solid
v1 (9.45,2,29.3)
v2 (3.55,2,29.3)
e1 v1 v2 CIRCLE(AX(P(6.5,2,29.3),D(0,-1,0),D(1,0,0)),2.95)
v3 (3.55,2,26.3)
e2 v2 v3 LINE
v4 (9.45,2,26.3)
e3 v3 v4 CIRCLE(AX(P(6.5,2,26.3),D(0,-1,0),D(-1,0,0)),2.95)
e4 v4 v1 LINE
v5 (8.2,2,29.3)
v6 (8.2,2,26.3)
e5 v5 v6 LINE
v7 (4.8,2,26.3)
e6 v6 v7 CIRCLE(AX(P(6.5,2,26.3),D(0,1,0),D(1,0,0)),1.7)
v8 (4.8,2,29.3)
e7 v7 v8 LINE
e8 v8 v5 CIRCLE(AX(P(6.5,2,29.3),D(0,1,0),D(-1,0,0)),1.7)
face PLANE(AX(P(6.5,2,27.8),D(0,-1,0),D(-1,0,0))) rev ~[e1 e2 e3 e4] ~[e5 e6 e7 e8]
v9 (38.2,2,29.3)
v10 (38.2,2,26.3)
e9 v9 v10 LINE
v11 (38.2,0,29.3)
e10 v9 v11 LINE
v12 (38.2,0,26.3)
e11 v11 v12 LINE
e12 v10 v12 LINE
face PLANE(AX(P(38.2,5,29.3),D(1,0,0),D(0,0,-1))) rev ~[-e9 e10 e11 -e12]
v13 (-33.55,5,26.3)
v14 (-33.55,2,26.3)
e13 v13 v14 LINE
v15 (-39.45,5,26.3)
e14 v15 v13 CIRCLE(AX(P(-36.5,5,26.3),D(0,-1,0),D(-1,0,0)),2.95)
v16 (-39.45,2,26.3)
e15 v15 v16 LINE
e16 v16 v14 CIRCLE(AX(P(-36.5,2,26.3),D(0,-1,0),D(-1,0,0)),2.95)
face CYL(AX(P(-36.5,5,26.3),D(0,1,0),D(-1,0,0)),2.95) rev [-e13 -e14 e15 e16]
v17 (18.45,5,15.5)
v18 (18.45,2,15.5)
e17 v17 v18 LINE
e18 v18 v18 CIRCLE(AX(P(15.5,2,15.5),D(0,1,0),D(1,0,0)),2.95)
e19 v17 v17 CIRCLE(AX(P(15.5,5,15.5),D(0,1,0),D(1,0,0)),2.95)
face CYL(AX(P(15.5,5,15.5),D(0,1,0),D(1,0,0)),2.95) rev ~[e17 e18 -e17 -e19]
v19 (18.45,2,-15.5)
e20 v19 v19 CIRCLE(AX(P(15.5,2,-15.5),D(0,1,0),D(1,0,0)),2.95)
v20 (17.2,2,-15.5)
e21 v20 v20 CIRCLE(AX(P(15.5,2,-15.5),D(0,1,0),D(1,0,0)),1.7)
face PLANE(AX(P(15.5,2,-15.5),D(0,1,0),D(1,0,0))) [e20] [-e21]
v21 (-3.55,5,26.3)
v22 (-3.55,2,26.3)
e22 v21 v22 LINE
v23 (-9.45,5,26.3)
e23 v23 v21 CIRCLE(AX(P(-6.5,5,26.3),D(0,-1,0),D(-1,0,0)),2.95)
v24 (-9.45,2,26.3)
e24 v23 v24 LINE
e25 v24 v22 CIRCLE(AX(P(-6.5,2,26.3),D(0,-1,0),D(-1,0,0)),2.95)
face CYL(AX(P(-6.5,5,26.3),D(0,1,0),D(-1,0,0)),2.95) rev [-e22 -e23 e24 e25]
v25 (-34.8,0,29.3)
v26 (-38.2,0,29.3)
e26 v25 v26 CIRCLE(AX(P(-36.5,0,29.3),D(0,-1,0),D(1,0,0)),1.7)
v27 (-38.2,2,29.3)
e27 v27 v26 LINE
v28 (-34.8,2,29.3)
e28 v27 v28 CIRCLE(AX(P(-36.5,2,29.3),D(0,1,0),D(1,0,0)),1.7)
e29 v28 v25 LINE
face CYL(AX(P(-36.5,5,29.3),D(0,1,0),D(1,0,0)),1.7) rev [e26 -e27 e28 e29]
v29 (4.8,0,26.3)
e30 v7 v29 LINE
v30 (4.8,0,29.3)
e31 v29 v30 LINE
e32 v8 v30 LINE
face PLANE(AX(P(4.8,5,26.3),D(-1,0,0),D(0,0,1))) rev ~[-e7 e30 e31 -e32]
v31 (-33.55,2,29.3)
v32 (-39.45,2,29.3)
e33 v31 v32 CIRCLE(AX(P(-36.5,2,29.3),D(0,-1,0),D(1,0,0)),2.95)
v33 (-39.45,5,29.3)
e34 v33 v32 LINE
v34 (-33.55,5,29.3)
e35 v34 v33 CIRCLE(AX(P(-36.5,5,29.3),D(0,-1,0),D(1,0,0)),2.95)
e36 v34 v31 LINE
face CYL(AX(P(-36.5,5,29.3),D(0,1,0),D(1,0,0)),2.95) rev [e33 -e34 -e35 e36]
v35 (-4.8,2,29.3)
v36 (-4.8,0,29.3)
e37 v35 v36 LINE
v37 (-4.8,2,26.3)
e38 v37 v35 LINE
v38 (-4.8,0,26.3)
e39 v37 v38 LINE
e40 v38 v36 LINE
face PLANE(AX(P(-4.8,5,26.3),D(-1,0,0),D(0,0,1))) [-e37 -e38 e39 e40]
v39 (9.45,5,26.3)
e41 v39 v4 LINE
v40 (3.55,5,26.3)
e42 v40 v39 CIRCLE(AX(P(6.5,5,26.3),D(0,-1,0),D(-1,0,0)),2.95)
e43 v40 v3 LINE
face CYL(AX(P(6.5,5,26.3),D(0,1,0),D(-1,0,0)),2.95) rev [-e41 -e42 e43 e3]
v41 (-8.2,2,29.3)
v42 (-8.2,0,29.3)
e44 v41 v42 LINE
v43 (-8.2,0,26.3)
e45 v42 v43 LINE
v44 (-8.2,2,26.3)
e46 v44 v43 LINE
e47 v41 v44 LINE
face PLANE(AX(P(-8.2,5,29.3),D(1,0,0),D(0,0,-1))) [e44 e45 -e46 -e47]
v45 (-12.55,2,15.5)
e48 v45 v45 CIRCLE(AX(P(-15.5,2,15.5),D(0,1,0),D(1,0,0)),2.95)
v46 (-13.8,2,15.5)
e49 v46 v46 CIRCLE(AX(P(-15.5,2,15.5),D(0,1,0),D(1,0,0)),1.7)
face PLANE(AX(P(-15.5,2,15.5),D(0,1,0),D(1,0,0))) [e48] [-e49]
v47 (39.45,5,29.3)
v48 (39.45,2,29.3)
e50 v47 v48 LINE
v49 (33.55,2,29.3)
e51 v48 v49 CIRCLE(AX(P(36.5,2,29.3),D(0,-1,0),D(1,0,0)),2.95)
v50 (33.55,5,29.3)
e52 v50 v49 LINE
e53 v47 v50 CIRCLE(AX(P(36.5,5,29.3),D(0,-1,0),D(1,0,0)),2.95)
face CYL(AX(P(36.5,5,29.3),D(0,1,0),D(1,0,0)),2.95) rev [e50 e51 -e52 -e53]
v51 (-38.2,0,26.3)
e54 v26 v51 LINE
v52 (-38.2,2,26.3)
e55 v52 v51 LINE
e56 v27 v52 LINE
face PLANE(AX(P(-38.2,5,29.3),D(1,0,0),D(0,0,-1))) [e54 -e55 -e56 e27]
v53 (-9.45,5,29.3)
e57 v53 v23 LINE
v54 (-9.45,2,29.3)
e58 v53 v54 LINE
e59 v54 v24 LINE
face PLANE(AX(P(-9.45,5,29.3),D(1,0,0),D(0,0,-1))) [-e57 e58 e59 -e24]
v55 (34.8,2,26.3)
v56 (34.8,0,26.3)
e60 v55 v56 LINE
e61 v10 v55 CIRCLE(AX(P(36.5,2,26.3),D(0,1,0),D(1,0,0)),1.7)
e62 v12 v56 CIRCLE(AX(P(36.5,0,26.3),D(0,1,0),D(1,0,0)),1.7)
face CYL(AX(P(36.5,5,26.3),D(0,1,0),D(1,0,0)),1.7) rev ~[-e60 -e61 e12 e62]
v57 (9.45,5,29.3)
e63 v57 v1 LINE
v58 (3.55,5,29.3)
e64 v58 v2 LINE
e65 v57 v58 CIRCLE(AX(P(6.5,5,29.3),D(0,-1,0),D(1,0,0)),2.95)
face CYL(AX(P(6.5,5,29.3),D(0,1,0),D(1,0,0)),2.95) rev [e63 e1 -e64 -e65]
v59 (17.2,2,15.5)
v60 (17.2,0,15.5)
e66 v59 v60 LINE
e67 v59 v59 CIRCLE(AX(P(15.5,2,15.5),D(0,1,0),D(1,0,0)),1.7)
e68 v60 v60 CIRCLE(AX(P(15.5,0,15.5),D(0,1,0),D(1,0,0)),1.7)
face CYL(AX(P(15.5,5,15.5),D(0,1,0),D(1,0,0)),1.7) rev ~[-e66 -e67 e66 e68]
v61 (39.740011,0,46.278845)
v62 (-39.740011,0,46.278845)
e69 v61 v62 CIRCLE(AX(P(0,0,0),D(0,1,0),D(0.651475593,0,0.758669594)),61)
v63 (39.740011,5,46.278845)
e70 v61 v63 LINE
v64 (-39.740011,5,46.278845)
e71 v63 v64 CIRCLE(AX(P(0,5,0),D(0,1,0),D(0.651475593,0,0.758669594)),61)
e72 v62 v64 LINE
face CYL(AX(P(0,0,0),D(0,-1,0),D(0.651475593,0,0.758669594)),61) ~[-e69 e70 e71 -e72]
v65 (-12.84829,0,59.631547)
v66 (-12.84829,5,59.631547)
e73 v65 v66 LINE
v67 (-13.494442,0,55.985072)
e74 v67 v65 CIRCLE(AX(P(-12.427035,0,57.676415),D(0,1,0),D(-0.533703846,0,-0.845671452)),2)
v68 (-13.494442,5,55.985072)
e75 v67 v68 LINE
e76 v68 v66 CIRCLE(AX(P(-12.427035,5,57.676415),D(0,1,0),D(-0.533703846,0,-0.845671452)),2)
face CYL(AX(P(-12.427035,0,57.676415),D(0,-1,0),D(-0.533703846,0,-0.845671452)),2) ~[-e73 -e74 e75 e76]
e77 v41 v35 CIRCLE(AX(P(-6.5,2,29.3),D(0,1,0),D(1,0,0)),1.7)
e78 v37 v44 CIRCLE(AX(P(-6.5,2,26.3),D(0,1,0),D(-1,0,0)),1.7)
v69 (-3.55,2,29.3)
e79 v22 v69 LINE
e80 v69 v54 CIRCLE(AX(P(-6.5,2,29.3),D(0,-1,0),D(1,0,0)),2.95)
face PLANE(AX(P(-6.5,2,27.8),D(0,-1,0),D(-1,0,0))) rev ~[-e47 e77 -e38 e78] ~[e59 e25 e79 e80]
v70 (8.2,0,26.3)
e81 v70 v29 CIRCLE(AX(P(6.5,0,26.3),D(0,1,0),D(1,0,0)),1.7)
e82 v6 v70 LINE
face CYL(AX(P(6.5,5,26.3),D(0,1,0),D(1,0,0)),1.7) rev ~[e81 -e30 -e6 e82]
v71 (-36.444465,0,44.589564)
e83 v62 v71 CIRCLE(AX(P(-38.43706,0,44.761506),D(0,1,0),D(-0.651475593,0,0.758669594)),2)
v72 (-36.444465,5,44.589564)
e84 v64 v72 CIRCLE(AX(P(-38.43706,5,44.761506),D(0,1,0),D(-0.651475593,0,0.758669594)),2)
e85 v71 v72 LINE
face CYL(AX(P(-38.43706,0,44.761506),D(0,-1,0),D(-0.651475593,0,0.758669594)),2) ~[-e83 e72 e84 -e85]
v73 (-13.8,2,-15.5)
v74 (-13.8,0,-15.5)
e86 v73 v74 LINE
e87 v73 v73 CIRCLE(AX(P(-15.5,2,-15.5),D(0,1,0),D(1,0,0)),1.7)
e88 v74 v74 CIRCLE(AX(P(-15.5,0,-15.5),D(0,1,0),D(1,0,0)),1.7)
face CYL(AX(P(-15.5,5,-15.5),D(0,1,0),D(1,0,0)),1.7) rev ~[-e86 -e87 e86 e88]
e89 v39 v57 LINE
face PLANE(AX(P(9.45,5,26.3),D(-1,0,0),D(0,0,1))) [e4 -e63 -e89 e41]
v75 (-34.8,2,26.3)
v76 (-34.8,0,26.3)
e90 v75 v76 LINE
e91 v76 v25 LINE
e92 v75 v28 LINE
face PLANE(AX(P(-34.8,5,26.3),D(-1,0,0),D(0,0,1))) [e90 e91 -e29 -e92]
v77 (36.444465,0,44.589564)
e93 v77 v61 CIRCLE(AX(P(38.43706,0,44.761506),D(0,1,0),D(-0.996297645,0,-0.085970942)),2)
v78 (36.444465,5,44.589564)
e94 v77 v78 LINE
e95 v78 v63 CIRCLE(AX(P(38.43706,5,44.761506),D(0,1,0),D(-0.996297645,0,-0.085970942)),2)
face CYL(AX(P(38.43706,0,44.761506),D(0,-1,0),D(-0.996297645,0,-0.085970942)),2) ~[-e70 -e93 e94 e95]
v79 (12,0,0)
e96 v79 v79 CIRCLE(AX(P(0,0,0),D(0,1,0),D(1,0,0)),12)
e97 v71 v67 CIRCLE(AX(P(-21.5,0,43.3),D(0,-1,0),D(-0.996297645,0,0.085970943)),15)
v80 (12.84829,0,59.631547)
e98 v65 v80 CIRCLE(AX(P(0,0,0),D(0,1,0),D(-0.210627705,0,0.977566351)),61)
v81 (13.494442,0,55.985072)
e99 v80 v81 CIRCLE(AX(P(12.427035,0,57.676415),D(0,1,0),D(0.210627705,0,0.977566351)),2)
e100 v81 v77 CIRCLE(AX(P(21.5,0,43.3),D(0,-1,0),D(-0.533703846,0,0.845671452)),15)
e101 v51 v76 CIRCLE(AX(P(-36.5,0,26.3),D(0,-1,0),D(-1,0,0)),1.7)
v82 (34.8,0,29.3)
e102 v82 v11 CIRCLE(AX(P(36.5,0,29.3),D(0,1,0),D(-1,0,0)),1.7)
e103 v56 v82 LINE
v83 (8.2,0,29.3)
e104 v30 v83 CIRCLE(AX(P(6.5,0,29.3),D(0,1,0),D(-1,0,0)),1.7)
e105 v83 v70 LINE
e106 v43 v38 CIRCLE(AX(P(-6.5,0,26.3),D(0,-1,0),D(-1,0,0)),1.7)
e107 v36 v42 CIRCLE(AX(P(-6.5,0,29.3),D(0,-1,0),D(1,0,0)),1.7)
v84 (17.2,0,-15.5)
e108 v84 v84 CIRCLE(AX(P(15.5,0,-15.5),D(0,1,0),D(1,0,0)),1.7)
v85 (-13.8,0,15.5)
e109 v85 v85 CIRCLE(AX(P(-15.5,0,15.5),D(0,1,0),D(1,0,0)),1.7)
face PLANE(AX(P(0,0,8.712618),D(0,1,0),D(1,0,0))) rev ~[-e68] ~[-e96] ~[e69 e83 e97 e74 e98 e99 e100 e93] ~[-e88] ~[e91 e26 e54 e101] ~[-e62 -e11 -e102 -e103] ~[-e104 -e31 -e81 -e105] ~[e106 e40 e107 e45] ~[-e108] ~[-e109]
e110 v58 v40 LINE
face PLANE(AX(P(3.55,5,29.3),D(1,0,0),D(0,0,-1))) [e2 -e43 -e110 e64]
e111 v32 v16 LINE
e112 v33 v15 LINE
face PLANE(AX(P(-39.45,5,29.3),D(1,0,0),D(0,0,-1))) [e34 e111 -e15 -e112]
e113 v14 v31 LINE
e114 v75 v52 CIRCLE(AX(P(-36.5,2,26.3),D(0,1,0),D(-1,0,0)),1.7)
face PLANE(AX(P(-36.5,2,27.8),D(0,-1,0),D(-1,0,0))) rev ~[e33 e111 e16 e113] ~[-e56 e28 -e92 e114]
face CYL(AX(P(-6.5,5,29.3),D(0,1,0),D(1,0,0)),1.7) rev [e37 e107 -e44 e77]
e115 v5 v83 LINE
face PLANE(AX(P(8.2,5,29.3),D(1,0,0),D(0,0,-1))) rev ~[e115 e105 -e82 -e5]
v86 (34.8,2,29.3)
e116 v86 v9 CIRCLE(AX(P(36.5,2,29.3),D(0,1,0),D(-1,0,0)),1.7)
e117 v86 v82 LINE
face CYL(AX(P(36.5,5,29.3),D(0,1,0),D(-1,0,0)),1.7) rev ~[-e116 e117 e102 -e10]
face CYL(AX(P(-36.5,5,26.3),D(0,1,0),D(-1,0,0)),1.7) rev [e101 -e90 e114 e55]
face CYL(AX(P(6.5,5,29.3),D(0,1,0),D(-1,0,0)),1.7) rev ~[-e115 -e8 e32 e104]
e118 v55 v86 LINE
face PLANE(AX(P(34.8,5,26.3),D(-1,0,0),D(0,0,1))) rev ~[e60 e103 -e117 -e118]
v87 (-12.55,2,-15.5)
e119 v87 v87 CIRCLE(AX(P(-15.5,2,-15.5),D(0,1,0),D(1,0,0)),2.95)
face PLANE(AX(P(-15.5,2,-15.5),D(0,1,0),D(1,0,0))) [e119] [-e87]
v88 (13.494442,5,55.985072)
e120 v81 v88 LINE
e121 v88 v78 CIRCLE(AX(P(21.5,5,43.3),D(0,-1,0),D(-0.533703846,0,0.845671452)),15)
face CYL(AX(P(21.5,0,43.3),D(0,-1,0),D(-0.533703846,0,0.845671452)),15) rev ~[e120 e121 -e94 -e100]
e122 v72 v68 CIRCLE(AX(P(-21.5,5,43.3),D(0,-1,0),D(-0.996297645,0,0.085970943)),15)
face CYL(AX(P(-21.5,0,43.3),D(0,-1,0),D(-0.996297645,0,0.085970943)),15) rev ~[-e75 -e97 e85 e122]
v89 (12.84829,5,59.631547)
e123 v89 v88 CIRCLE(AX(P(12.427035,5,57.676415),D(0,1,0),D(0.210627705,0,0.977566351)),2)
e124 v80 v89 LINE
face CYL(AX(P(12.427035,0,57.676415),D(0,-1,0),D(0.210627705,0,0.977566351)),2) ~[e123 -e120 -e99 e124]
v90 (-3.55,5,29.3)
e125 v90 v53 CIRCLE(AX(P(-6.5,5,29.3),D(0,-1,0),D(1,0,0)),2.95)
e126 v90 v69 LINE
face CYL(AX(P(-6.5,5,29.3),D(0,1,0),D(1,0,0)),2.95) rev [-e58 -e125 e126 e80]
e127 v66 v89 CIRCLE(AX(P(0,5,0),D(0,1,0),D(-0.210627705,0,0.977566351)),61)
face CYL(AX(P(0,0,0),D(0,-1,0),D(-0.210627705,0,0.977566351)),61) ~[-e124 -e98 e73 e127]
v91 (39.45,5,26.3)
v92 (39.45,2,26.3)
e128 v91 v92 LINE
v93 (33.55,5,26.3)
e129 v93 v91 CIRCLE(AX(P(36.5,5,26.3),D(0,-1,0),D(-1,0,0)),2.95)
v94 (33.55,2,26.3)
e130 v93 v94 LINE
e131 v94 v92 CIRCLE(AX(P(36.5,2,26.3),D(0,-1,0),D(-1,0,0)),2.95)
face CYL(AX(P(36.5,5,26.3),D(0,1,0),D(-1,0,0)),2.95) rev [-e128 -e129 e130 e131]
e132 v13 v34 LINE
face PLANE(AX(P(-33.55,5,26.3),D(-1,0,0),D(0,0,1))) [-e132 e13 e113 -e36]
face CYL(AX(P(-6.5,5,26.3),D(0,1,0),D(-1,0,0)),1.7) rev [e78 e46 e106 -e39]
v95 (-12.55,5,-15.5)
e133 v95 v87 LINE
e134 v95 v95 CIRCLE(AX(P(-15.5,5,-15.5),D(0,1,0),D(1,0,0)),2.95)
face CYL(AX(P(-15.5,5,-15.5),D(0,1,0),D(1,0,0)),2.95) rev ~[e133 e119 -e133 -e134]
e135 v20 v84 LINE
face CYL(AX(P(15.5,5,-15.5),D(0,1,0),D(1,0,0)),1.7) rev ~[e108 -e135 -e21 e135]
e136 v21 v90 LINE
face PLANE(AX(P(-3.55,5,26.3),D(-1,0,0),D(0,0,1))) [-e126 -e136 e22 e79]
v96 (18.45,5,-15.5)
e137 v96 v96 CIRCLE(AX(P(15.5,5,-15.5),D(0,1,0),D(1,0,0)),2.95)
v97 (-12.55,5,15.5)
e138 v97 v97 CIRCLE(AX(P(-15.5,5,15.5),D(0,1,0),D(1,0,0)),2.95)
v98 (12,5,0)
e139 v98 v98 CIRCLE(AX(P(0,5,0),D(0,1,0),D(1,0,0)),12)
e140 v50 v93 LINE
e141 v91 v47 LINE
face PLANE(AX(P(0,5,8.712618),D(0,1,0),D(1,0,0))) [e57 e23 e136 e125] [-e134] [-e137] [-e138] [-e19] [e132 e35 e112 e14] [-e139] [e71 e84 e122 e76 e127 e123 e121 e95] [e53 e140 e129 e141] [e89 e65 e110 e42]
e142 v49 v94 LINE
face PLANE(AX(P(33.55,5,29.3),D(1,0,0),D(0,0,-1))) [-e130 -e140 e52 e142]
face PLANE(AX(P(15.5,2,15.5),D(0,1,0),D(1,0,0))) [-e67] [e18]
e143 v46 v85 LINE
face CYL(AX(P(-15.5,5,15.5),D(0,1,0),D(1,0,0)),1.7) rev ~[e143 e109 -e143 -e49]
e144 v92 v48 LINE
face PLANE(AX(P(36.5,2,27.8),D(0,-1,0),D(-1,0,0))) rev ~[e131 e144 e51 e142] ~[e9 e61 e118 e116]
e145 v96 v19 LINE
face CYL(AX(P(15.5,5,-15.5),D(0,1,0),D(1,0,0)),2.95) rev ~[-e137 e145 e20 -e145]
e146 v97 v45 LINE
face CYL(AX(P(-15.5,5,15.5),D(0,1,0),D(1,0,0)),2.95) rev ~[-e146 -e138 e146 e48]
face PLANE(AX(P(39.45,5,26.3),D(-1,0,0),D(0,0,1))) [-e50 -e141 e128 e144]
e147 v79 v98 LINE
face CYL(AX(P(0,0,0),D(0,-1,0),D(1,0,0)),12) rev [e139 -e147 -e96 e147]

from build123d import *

# Parameters (mm, degrees)
CROQUIS1_R              = 12
SALIENTE_EXTRUIR1_DEPTH = 5
CROQUIS2_R              = 1.7
CORTAR_EXTRUIR1_DEPTH   = 5
CROQUIS3_R              = 2.95
CORTAR_EXTRUIR2_DEPTH   = 3


with BuildPart() as part:
    # Croquis1 → Saliente-Extruir1 (new body)
    with BuildSketch(Plane(origin=(0, 0, 0), x_dir=(1, 0, 0), z_dir=(0, 1, 0))):
        with BuildLine():
            ThreePointArc((-12.848290026, -59.631547384), (0, -61), (12.848290026, -59.631547384))
            ThreePointArc((12.848290026, -59.631547384), (14.396355702, -58.025376654), (13.494442308, -55.985071779))
            ThreePointArc((13.494442308, -55.985071779), (14.829055081, -29.865027209), (36.444464672, -44.589564139))
            ThreePointArc((36.444464672, -44.589564139), (37.524744291, -46.541303798), (39.740011147, -46.278845211))
            ThreePointArc((39.740011147, -46.278845211), (0, 61), (-39.740011147, -46.278845211))
            ThreePointArc((-39.740011147, -46.278845211), (-37.524744291, -46.541303798), (-36.444464672, -44.589564139))
            ThreePointArc((-36.444464672, -44.589564139), (-14.829055081, -29.865027209), (-13.494442308, -55.985071779))
            ThreePointArc((-13.494442308, -55.985071779), (-14.396355702, -58.025376654), (-12.848290026, -59.631547384))
        make_face()
        Circle(CROQUIS1_R, mode=Mode.SUBTRACT)
    extrude(amount=SALIENTE_EXTRUIR1_DEPTH)

    # Croquis2 → Cortar-Extruir1 (cut)
    with BuildSketch(Plane(origin=(0, 5, 0), x_dir=(1, 0, 0), z_dir=(0, 1, 0))):
        with Locations((-15.5, 15.5)):
            Circle(CROQUIS2_R)
        with Locations((-15.5, -15.5)):
            Circle(CROQUIS2_R)
        with Locations((15.5, -15.5)):
            Circle(CROQUIS2_R)
        with Locations((15.5, 15.5)):
            Circle(CROQUIS2_R)
        with BuildLine():
            Line((-34.8, -26.3), (-34.8, -29.3))
            ThreePointArc((-34.8, -29.3), (-36.5, -31), (-38.2, -29.3))
            Line((-38.2, -29.3), (-38.2, -26.3))
            ThreePointArc((-38.2, -26.3), (-36.5, -24.6), (-34.8, -26.3))
        make_face()
        with BuildLine():
            Line((-4.8, -26.3), (-4.8, -29.3))
            ThreePointArc((-4.8, -29.3), (-6.5, -31), (-8.2, -29.3))
            Line((-8.2, -29.3), (-8.2, -26.3))
            ThreePointArc((-8.2, -26.3), (-6.5, -24.6), (-4.8, -26.3))
        make_face()
        with BuildLine():
            Line((4.8, -26.3), (4.8, -29.3))
            ThreePointArc((4.8, -29.3), (6.5, -31), (8.2, -29.3))
            Line((8.2, -29.3), (8.2, -26.3))
            ThreePointArc((8.2, -26.3), (6.5, -24.6), (4.8, -26.3))
        make_face()
        with BuildLine():
            Line((34.8, -26.3), (34.8, -29.3))
            ThreePointArc((34.8, -29.3), (36.5, -31), (38.2, -29.3))
            Line((38.2, -29.3), (38.2, -26.3))
            ThreePointArc((38.2, -26.3), (36.5, -24.6), (34.8, -26.3))
        make_face()
    extrude(amount=-CORTAR_EXTRUIR1_DEPTH, mode=Mode.SUBTRACT)

    # Croquis3 → Cortar-Extruir2 (cut)
    with BuildSketch(Plane(origin=(0, 5, 0), x_dir=(1, 0, 0), z_dir=(0, 1, 0))):
        with Locations((-15.5, 15.5)):
            Circle(CROQUIS3_R)
        with Locations((15.5, 15.5)):
            Circle(CROQUIS3_R)
        with Locations((15.5, -15.5)):
            Circle(CROQUIS3_R)
        with Locations((-15.5, -15.5)):
            Circle(CROQUIS3_R)
        with BuildLine():
            Line((-33.55, -26.3), (-33.55, -29.3))
            ThreePointArc((-33.55, -29.3), (-36.5, -32.25), (-39.45, -29.3))
            Line((-39.45, -29.3), (-39.45, -26.3))
            ThreePointArc((-39.45, -26.3), (-36.5, -23.35), (-33.55, -26.3))
        make_face()
        with BuildLine():
            Line((-3.55, -26.3), (-3.55, -29.3))
            ThreePointArc((-3.55, -29.3), (-6.5, -32.25), (-9.45, -29.3))
            Line((-9.45, -29.3), (-9.45, -26.3))
            ThreePointArc((-9.45, -26.3), (-6.5, -23.35), (-3.55, -26.3))
        make_face()
        with BuildLine():
            Line((9.45, -26.3), (9.45, -29.3))
            ThreePointArc((9.45, -29.3), (6.5, -32.25), (3.55, -29.3))
            Line((3.55, -29.3), (3.55, -26.3))
            ThreePointArc((3.55, -26.3), (6.5, -23.35), (9.45, -26.3))
        make_face()
        with BuildLine():
            Line((39.45, -26.3), (39.45, -29.3))
            ThreePointArc((39.45, -29.3), (36.5, -32.25), (33.55, -29.3))
            Line((33.55, -29.3), (33.55, -26.3))
            ThreePointArc((33.55, -26.3), (36.5, -23.35), (39.45, -26.3))
        make_face()
    extrude(amount=-CORTAR_EXTRUIR2_DEPTH, mode=Mode.SUBTRACT)


solid = part.part
